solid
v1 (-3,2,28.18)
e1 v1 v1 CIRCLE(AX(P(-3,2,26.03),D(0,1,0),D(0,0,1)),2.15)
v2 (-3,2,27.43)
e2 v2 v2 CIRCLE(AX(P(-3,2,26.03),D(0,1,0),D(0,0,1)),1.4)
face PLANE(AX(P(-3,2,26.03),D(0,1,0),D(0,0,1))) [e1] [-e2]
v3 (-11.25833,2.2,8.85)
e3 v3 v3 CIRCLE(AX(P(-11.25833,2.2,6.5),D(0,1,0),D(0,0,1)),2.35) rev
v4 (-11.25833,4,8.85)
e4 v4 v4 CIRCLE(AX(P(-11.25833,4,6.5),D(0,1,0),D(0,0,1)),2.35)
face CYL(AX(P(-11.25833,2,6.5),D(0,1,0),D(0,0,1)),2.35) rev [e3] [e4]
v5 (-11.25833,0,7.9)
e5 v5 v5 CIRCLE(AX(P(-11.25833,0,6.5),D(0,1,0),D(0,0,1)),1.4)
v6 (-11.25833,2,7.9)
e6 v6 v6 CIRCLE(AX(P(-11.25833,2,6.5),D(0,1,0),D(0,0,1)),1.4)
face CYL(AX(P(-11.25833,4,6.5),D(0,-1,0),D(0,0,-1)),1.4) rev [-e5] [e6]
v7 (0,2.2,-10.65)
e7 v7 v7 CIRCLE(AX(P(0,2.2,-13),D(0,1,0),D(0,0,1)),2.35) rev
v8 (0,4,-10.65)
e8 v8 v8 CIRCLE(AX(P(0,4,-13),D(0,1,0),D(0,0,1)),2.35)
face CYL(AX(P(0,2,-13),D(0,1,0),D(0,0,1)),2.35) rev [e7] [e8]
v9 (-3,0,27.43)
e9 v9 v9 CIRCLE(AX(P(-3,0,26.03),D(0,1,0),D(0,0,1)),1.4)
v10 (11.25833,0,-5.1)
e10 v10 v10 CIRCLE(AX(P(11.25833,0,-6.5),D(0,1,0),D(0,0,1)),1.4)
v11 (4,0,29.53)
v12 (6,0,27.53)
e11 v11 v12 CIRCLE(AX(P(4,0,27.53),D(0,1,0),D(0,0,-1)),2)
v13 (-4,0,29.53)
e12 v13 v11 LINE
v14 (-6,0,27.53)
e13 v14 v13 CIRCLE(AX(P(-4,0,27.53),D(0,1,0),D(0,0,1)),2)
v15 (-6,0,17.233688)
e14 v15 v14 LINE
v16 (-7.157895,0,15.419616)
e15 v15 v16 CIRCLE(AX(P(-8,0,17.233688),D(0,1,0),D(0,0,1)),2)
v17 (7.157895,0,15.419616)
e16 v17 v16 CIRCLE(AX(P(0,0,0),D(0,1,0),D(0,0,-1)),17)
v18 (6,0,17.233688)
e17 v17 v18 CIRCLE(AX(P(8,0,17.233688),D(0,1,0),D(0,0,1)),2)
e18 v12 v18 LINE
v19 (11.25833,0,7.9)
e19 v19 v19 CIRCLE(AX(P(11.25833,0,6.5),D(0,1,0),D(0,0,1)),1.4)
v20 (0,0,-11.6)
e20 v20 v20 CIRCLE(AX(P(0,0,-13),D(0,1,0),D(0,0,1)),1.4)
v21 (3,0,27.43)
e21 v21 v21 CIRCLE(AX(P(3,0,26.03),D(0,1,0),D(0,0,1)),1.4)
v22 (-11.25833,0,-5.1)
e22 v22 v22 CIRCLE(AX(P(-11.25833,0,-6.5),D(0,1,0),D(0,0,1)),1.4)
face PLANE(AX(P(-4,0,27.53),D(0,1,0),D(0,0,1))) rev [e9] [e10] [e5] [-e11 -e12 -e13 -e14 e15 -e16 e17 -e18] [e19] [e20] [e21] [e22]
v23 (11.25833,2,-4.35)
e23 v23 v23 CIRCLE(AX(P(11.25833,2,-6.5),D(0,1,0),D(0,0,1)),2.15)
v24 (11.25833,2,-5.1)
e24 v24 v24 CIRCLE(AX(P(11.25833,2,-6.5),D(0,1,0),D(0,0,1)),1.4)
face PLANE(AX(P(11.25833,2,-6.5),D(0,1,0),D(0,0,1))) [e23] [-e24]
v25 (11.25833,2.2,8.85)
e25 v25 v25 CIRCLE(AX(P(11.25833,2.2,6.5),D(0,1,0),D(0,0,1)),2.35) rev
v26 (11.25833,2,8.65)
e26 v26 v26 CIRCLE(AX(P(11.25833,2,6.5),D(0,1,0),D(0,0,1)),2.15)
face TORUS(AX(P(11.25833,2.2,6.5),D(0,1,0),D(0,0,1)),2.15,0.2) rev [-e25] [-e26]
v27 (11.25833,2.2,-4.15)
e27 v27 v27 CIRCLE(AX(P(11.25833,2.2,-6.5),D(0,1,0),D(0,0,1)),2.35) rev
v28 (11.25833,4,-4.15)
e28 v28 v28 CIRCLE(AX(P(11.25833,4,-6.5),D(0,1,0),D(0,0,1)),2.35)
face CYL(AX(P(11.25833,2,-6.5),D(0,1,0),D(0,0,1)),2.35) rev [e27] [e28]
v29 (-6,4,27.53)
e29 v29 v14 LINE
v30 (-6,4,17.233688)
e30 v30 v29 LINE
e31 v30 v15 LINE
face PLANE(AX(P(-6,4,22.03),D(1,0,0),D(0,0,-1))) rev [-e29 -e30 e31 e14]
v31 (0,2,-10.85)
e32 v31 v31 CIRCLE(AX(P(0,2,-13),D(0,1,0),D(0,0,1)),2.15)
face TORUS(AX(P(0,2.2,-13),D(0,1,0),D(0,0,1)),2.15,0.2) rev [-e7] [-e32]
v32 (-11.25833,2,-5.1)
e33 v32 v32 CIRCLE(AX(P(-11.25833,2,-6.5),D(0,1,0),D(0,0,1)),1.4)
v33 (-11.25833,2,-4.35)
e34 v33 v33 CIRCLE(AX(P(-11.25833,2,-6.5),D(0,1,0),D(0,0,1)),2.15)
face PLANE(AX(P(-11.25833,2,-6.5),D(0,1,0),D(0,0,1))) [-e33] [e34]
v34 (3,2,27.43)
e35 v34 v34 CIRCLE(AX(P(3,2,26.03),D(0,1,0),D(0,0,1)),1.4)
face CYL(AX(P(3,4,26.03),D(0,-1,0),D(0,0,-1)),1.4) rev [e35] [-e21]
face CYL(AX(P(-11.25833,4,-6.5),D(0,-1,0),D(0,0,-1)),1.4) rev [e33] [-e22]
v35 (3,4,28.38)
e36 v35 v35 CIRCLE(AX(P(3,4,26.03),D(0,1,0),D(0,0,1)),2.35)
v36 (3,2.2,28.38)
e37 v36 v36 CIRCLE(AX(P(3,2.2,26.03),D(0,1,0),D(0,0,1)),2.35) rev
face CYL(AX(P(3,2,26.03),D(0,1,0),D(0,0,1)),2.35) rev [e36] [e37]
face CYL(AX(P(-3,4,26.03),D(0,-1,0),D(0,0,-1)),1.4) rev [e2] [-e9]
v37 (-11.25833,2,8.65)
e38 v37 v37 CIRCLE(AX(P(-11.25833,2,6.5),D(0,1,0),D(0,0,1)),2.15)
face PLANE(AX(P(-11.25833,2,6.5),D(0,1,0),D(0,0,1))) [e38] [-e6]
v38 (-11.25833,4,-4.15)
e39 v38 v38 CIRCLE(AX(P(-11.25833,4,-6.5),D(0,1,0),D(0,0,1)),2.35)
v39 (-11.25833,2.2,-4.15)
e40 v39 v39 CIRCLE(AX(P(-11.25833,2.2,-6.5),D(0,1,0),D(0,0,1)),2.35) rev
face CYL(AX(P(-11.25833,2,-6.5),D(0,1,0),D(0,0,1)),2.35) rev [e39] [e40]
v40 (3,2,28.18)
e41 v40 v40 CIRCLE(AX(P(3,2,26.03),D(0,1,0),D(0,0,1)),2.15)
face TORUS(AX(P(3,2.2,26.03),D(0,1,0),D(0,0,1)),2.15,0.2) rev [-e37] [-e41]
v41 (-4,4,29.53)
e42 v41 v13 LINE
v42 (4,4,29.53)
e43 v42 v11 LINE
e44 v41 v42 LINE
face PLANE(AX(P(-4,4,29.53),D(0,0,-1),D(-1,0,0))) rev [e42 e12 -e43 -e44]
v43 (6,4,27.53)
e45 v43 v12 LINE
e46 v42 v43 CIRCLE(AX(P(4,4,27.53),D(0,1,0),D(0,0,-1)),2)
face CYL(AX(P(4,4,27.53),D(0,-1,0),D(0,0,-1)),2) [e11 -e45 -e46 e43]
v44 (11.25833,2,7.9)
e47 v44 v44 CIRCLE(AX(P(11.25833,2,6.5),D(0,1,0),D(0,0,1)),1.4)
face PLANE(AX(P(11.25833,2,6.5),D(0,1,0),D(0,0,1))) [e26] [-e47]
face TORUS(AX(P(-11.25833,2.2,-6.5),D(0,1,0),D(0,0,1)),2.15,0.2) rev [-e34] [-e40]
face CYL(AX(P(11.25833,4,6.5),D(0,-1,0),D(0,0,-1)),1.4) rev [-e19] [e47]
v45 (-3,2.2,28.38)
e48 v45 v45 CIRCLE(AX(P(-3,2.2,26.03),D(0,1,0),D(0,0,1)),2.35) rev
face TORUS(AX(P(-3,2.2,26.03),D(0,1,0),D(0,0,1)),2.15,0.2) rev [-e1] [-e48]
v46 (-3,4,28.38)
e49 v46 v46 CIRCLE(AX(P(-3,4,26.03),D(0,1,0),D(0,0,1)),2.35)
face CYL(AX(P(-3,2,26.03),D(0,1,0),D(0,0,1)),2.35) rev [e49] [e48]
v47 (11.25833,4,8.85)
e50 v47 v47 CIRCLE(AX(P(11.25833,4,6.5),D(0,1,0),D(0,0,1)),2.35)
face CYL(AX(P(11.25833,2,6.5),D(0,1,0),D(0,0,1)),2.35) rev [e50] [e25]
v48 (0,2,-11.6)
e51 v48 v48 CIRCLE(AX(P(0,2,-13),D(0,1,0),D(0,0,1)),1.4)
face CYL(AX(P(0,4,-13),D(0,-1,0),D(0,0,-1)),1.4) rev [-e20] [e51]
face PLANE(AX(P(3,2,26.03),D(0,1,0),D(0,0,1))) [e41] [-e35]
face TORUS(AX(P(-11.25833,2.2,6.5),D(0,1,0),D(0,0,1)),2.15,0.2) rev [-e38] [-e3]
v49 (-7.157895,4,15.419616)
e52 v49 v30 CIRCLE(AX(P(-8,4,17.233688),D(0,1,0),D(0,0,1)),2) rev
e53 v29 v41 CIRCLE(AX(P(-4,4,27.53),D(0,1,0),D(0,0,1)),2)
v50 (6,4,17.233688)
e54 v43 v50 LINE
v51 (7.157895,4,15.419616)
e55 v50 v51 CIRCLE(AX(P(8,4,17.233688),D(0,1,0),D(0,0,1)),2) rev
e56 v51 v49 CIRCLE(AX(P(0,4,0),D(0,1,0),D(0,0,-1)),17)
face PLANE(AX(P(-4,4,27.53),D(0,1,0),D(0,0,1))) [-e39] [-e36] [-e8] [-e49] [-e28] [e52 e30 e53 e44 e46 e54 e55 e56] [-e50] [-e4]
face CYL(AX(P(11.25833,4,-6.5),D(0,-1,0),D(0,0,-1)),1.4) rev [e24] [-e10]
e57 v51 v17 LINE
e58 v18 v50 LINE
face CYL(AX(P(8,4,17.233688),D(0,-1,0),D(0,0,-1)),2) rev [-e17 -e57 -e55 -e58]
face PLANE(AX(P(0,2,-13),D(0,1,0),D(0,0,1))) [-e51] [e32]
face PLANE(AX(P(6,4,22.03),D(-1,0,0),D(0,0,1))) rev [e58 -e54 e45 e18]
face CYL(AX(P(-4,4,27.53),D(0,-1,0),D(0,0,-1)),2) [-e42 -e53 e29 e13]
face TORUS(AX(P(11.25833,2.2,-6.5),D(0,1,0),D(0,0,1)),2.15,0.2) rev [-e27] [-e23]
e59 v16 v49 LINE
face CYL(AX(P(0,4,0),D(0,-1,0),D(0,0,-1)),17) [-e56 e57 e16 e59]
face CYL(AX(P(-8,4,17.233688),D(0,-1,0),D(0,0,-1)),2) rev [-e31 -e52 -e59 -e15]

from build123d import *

# Parameters (mm, degrees)
SKETCH_1_R          = 1.4
EXTRUDE_1_DEPTH     = 4
SKETCH_2_R          = 2.35
CUT_EXTRUDE_1_DEPTH = 2
FILLET_1_R          = 0.2
FILLET_2_R          = 2


with BuildPart() as part:
    # 草图1 → 凸台-拉伸1 (new body)
    with BuildSketch(Plane(origin=(0, 0, 0), x_dir=(1, 0, 0), z_dir=(0, 1, 0))):
        with BuildLine():
            Line((-6, -22.03), (-6, -27.53))
            ThreePointArc((-6, -27.53), (-5.414213562, -28.944213562), (-4, -29.53))
            Line((-4, -29.53), (4, -29.53))
            ThreePointArc((4, -29.53), (5.414213562, -28.944213562), (6, -27.53))
            Line((6, -27.53), (6, -22.03))
            Line((6, -22.03), (6, -15.905973721))
            ThreePointArc((6, -15.905973721), (0, 17), (-6, -15.905973721))
            Line((-6, -15.905973721), (-6, -22.03))
        make_face()
        with Locations(Location((-3, -26.03, 0), (0, 0, 270))):
            Circle(SKETCH_1_R, mode=Mode.SUBTRACT)
        with Locations(Location((3, -26.03, 0), (0, 0, 270))):
            Circle(SKETCH_1_R, mode=Mode.SUBTRACT)
        with Locations(Location((0, 13, 0), (0, 0, 270))):
            Circle(SKETCH_1_R, mode=Mode.SUBTRACT)
        with Locations(Location((11.258330249, -6.5, 0), (0, 0, 270))):
            Circle(SKETCH_1_R, mode=Mode.SUBTRACT)
        with Locations(Location((-11.258330249, -6.5, 0), (0, 0, 270))):
            Circle(SKETCH_1_R, mode=Mode.SUBTRACT)
        with Locations(Location((-11.258330249, 6.5, 0), (0, 0, 270))):
            Circle(SKETCH_1_R, mode=Mode.SUBTRACT)
        with Locations(Location((11.258330249, 6.5, 0), (0, 0, 270))):
            Circle(SKETCH_1_R, mode=Mode.SUBTRACT)
    extrude(amount=EXTRUDE_1_DEPTH)

    # 草图2 → 切除-拉伸1 (cut)
    with BuildSketch(Plane(origin=(0, 4, 0), x_dir=(1, 0, 0), z_dir=(0, 1, 0))):
        with Locations(Location((0, 13, 0), (0, 0, 270))):
            Circle(SKETCH_2_R)
        with Locations(Location((11.258330249, 6.5, 0), (0, 0, 270))):
            Circle(SKETCH_2_R)
        with Locations(Location((11.258330249, -6.5, 0), (0, 0, 270))):
            Circle(SKETCH_2_R)
        with Locations(Location((-11.258330249, -6.5, 0), (0, 0, 270))):
            Circle(SKETCH_2_R)
        with Locations(Location((-11.258330249, 6.5, 0), (0, 0, 270))):
            Circle(SKETCH_2_R)
        with Locations(Location((-3, -26.03, 0), (0, 0, 270))):
            Circle(SKETCH_2_R)
        with Locations(Location((3, -26.03, 0), (0, 0, 270))):
            Circle(SKETCH_2_R)
    extrude(amount=-CUT_EXTRUDE_1_DEPTH, mode=Mode.SUBTRACT)

    # 圆角1
    fillet_1_edges = [part.edges().sort_by_distance(p)[0] for p in [
        (0, 2, -15.35),
        (11.258330249, 2, -8.85),
        (11.258330249, 2, 4.15),
        (-11.258330249, 2, 4.15),
        (-11.258330249, 2, -8.85),
        (-3, 2, 23.68),
        (3, 2, 23.68),
    ]]
    fillet(fillet_1_edges, radius=FILLET_1_R)

    # 圆角2
    fillet_2_edges = [part.edges().sort_by_distance(p)[0] for p in [
        (-6, 2, 15.905973721),
        (6, 2, 15.905973721),
    ]]
    fillet(fillet_2_edges, radius=FILLET_2_R)


solid = part.part
